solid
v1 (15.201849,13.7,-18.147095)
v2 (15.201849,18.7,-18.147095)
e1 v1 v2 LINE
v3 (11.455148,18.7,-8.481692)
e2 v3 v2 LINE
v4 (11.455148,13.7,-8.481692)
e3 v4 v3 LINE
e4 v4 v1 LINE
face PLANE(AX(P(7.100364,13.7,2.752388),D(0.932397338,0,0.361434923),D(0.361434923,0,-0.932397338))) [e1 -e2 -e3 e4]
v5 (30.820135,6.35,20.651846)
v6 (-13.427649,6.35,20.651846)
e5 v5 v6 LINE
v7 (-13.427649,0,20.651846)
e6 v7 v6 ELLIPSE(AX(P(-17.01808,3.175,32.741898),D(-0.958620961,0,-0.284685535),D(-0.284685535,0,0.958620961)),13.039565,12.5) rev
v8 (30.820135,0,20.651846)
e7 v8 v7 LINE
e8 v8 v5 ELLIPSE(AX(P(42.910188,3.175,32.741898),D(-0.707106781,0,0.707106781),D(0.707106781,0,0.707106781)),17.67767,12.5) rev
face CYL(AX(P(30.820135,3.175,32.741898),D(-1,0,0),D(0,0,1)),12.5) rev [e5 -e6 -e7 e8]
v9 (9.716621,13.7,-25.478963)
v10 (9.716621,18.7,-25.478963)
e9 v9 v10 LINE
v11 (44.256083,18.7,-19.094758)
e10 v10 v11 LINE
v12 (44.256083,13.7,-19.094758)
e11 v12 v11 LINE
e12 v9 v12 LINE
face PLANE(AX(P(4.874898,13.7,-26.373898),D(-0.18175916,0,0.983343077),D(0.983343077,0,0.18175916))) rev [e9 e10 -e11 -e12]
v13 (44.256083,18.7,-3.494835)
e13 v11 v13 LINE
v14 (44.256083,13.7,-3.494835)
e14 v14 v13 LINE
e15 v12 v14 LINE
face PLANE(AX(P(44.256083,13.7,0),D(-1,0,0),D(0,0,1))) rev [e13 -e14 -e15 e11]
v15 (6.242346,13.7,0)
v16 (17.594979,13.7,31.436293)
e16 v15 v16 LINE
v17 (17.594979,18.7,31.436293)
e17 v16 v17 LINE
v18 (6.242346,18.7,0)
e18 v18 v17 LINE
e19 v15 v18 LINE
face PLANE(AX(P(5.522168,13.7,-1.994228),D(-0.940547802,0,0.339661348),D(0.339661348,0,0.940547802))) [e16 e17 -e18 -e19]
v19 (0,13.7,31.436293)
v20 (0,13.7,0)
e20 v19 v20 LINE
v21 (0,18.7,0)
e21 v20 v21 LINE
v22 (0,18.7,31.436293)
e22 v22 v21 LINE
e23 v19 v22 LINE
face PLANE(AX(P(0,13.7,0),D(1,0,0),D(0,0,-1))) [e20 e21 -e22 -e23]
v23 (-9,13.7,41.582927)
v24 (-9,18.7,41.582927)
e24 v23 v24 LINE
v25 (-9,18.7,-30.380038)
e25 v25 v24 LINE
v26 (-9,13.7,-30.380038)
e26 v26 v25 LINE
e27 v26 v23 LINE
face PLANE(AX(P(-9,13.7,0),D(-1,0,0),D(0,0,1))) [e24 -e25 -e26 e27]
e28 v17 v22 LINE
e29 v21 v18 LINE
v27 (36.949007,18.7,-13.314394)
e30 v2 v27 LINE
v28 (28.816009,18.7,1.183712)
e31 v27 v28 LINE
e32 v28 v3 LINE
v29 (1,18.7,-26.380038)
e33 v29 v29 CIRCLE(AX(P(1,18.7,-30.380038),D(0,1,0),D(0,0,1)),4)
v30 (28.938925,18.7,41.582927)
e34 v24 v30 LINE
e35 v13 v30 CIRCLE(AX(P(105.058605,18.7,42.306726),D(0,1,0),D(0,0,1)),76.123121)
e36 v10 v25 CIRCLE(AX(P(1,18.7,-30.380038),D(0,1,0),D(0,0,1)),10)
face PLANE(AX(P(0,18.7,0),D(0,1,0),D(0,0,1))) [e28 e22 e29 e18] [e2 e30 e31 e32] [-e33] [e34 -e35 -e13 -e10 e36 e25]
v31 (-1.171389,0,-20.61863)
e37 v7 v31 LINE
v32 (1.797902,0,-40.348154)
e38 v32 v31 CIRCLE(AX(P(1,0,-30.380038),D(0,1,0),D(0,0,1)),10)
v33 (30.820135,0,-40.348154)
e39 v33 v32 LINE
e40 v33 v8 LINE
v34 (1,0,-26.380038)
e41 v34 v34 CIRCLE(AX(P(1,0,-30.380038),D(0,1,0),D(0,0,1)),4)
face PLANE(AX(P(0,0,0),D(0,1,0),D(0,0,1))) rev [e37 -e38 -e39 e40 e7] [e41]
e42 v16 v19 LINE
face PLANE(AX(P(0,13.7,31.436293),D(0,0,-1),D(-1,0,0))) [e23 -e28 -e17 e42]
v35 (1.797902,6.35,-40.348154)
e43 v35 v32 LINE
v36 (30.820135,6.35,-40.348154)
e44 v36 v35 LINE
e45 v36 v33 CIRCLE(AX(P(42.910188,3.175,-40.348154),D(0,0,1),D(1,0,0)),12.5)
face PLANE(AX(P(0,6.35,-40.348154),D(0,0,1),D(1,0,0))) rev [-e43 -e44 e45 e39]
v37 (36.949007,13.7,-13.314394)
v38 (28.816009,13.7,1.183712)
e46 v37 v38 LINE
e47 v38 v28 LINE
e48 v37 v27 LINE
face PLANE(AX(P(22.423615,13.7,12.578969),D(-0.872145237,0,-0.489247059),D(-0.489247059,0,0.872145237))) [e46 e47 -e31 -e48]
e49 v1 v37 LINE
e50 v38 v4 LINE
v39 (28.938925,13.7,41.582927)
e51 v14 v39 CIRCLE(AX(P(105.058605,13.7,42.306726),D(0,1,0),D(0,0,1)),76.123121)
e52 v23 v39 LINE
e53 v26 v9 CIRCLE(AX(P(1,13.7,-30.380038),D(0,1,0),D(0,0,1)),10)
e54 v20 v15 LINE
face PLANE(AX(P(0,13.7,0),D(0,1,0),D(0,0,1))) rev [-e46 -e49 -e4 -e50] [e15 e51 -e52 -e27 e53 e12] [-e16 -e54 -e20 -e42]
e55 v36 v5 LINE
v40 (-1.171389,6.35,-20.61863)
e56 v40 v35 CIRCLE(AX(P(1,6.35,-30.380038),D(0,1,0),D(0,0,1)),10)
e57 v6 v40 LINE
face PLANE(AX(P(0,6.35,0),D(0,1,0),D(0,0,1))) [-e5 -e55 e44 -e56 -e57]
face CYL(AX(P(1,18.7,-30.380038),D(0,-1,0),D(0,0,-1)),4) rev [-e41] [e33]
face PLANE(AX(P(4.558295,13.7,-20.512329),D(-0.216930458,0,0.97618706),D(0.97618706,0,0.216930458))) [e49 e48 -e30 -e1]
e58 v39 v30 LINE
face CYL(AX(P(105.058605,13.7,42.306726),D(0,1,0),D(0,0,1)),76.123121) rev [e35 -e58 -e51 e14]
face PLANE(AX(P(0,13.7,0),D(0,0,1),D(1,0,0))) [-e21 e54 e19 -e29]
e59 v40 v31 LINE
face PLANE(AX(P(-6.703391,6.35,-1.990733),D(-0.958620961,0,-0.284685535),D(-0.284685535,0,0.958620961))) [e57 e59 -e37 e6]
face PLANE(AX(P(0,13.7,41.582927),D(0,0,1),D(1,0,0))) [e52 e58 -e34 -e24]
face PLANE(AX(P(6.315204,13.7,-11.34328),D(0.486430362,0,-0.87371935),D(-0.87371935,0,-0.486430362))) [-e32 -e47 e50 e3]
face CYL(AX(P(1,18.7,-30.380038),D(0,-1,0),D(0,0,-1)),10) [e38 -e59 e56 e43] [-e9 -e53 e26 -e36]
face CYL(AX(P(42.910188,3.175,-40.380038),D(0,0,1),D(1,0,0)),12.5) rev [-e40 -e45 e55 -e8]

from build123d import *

# Parameters (mm, degrees)
BOSS_EXTRUDE1_DEPTH     = 6.35
SKETCH1_3_R             = 4
BOSS_EXTRUDE2_DEPTH     = 18.7
CUT_EXTRUDE1_DEPTH      = 55.130565784
CUT_EXTRUDE1_DEPTH_BACK = 55.130565784
SKETCH3_R               = 12.5
CUT_EXTRUDE3_DEPTH      = 55.130565784
CUT_EXTRUDE3_DEPTH_BACK = 55.130565784
SKETCH4_R               = 12.5
BOSS_EXTRUDE3_START     = -5
BOSS_EXTRUDE3_DEPTH     = 5


with BuildPart() as part:
    # Sketch1 → Boss-Extrude1 (new body)
    with BuildSketch(Plane(origin=(0, 0, 0), x_dir=(1, 0, 0), z_dir=(0, 1, 0))):
        with BuildLine():
            Line((30.820134884, -20.651845529), (30.820134884, 40.348154471))
            Line((30.820134884, 40.348154471), (1.797901548, 40.348154471))
            ThreePointArc((1.797901548, 40.348154471), (8.347755505, 37.163141176), (11.000000332, 30.380037615))
            ThreePointArc((11.000000332, 30.380037615), (7.256441333, 22.578951408), (-1.171388868, 20.618630496))
            Line((-1.171388868, 20.618630496), (-13.427648664, -20.651845529))
            Line((-13.427648664, -20.651845529), (30.820134884, -20.651845529))
        make_face()
    extrude(amount=BOSS_EXTRUDE1_DEPTH)

    # Sketch1<3> → Boss-Extrude2 (add)
    with BuildSketch(Plane(origin=(0, 0, 0), x_dir=(1, 0, 0), z_dir=(0, 1, 0))):
        with BuildLine():
            ThreePointArc((11.000000332, 30.380037615), (8.347755505, 37.163141176), (1.797901548, 40.348154471))
            ThreePointArc((1.797901548, 40.348154471), (-8.888636903, 31.868276044), (-1.171388868, 20.618630496))
            ThreePointArc((-1.171388868, 20.618630496), (7.256441333, 22.578951408), (11.000000332, 30.380037615))
        make_face()
        with Locations((1.000000332, 30.380037615)):
            Circle(SKETCH1_3_R, mode=Mode.SUBTRACT)
    extrude(amount=BOSS_EXTRUDE2_DEPTH)

    # Sketch3 → Cut-Extrude1 (cut, two sides: drawn at the far end of the back side and taken through both)
    with BuildSketch(Plane.XY.offset(-CUT_EXTRUDE1_DEPTH_BACK)):
        with Locations((42.910187614, 3.175)):
            Circle(SKETCH3_R)
    extrude(amount=CUT_EXTRUDE1_DEPTH + CUT_EXTRUDE1_DEPTH_BACK, mode=Mode.SUBTRACT)

    # Sketch4 → Cut-Extrude3 (cut, two sides: drawn at the far end of the back side and taken through both)
    with BuildSketch(Plane(origin=(0, 0, 0), x_dir=(0, 0, -1), z_dir=(1, 0, 0)).offset(-CUT_EXTRUDE3_DEPTH_BACK)):
        with Locations((-32.741898259, 3.175)):
            Circle(SKETCH4_R)
    extrude(amount=CUT_EXTRUDE3_DEPTH + CUT_EXTRUDE3_DEPTH_BACK, mode=Mode.SUBTRACT)

    # Sketch5 → Boss-Extrude3 (add)
    with BuildSketch(Plane(origin=(0, 18.7, 0), x_dir=(1, 0, 0), z_dir=(0, 1, 0)).offset(BOSS_EXTRUDE3_START)):
        with BuildLine():
            ThreePointArc((9.716620703, 25.478963312), (-1.533159384, 20.706201672), (-8.999999668, 30.380037615))
            Line((-8.999999668, 30.380037615), (-8.999999668, -41.582926526))
            Line((-8.999999668, -41.582926526), (28.938924754, -41.582926526))
            ThreePointArc((28.938924754, -41.582926526), (32.982787431, -17.815786501), (44.256083353, 3.494834546))
            Line((44.256083353, 3.494834546), (44.256083353, 19.094758402))
            Line((44.256083353, 19.094758402), (9.716620703, 25.478963312))
        make_face()
        Polygon((17.594978634, -31.436293162), (0, -31.436293162), (0, 0), (6.242345966, 0), align=None, mode=Mode.SUBTRACT)
        Polygon((28.816009284, -1.183711765), (11.455147871, 8.481691767), (15.20184924, 18.147095298), (36.949007186, 13.314393532), align=None, mode=Mode.SUBTRACT)
    extrude(amount=BOSS_EXTRUDE3_DEPTH)


solid = part.part
